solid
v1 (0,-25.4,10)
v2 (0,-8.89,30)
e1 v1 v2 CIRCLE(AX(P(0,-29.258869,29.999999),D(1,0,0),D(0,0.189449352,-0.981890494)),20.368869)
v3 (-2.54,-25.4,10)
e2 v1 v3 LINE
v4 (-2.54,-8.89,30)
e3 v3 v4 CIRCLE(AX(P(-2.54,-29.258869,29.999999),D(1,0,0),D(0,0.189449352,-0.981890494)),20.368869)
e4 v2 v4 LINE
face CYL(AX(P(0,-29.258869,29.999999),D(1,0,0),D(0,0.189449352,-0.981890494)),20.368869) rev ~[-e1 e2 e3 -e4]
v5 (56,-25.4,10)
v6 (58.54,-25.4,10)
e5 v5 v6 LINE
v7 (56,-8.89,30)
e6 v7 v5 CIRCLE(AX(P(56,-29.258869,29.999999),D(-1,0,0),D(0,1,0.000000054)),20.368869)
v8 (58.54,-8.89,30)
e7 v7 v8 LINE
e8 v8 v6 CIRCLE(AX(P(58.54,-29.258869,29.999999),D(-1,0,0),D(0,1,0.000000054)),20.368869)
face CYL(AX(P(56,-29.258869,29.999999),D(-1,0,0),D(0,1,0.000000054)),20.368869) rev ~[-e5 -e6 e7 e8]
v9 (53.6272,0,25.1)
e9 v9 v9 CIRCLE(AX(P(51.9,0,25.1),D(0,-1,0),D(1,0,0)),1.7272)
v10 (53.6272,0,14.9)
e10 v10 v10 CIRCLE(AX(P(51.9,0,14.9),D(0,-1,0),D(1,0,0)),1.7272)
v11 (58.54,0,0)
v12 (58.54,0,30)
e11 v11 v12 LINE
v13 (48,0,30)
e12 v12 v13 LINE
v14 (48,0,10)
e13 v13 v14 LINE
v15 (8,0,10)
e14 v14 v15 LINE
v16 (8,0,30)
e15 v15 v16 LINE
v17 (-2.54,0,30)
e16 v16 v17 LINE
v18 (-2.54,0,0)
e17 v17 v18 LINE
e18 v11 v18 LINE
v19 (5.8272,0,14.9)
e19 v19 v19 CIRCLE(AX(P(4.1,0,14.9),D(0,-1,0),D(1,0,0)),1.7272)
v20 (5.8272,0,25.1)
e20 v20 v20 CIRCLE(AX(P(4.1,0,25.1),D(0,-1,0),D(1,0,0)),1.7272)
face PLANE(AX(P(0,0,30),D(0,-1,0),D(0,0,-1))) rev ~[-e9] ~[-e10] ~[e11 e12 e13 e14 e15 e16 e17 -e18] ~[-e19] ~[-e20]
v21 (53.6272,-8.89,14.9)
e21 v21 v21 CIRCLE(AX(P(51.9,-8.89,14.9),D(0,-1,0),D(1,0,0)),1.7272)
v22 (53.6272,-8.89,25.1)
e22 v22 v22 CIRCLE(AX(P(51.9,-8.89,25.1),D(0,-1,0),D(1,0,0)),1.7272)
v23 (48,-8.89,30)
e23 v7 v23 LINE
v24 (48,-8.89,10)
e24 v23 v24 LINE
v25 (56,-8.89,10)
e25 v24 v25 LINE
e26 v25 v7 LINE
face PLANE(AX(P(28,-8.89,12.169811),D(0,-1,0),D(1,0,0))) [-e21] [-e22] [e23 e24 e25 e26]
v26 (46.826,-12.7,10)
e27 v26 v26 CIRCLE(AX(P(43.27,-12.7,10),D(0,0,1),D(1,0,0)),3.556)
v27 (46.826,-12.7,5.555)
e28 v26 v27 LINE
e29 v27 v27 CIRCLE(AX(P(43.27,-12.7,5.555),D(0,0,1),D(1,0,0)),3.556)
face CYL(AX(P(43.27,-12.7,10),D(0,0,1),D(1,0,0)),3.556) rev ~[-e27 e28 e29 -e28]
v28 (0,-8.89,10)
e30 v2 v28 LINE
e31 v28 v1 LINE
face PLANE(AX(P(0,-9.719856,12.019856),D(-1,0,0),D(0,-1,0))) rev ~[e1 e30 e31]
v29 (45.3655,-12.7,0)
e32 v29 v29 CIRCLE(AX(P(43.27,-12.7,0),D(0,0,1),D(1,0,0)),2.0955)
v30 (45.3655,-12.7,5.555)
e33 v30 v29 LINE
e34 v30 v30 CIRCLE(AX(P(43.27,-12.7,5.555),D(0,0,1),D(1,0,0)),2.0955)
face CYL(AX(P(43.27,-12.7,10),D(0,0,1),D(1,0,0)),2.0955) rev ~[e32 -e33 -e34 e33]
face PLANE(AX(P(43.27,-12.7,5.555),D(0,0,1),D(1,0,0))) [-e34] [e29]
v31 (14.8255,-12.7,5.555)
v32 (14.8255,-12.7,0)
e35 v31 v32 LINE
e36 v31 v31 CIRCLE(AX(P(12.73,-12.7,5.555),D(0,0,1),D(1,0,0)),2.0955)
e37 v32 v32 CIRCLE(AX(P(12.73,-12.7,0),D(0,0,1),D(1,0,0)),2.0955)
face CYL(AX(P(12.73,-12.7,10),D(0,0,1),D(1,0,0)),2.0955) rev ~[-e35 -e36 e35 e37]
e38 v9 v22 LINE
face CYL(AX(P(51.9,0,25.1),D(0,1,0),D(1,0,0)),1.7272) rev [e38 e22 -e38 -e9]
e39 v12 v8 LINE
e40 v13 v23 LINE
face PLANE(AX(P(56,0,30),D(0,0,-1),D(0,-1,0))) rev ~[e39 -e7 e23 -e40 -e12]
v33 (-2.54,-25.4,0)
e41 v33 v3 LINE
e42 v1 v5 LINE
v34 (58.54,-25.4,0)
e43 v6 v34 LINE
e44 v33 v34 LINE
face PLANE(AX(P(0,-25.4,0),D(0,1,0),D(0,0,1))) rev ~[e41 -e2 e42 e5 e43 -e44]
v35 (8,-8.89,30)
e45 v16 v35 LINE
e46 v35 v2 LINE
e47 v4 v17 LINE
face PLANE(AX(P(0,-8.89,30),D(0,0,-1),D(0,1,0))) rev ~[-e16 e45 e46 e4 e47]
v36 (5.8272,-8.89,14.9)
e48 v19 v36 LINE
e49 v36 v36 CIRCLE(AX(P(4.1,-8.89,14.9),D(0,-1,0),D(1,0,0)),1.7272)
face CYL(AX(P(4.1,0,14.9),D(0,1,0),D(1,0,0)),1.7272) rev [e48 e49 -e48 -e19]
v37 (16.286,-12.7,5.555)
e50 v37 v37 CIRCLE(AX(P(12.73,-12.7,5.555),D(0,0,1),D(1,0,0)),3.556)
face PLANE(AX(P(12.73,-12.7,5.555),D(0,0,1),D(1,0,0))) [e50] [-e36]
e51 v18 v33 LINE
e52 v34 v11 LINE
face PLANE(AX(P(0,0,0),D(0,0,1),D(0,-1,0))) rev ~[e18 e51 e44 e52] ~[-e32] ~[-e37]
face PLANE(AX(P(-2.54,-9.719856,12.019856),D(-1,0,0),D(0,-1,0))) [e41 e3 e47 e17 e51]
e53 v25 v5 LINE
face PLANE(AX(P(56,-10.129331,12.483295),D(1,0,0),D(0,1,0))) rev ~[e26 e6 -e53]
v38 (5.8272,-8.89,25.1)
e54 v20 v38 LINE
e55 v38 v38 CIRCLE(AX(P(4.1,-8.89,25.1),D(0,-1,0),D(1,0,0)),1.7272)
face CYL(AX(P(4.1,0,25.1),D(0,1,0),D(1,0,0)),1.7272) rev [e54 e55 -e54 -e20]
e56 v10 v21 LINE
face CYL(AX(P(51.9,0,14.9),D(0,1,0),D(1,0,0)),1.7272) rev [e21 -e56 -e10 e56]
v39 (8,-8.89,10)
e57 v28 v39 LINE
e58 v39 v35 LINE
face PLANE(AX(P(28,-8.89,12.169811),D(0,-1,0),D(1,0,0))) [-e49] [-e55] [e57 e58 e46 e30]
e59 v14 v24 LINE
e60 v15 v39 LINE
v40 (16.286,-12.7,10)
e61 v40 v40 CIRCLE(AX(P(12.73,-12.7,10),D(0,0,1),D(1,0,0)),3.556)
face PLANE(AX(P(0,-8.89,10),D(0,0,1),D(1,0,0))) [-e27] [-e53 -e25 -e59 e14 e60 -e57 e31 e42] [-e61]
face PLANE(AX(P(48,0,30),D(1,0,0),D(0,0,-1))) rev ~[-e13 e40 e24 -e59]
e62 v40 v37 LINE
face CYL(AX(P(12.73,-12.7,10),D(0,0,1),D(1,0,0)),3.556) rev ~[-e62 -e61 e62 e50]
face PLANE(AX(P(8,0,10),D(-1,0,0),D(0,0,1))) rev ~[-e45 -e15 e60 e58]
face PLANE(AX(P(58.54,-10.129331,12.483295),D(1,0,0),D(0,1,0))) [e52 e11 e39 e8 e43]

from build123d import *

# Parameters (mm, degrees)
F0_R      = 1.7272
F1_DEPTH  = 8.89
F2_W      = 56
F2_H      = 10
F3_DEPTH  = 16.51
F5_DEPTH  = 2.54
F7_DEPTH  = 2.54
F8_R      = 2.0955
F9_DEPTH  = 10.001
F10_R     = 3.556
F11_DEPTH = 4.445


with BuildPart() as f1:
    # F0 (on Front) → F1 (new body)
    with BuildSketch(Plane.XZ):
        Polygon((0, 30), (0, 0), (56, 0), (56, 30), (48, 30), (48, 10), (8, 10), (8, 30), align=None)
        with Locations((4.1, 14.9)):
            Circle(F0_R, mode=Mode.SUBTRACT)
        with Locations((51.9, 14.9)):
            Circle(F0_R, mode=Mode.SUBTRACT)
        with Locations((4.1, 25.1)):
            Circle(F0_R, mode=Mode.SUBTRACT)
        with Locations((51.9, 25.1)):
            Circle(F0_R, mode=Mode.SUBTRACT)
    extrude(amount=F1_DEPTH)

    # F2 (on face) → F3 (join)
    with BuildSketch(Plane.XZ.offset(8.89)):
        with Locations((28, 5)):
            Rectangle(F2_W, F2_H)
    extrude(amount=F3_DEPTH)

    # F4 (on face) → F5 (join)
    with BuildSketch(Plane.YZ.offset(56)):
        with BuildLine():
            Line((0, 30), (-8.89, 30))
            ThreePointArc((-8.89, 30), (-13.550724, 17.032925), (-25.4, 10))
            Line((-25.4, 10), (-25.4, 0))
            Line((-25.4, 0), (0, 0))
            Line((0, 0), (0, 30))
        make_face()
    extrude(amount=F5_DEPTH)

    # F6 (on face) → F7 (join)
    with BuildSketch(Plane(origin=(0, 0, 0), x_dir=(0, -1, 0), z_dir=(-1, 0, 0))):
        Polygon((8.89, 10), (8.89, 30), (0, 30), (0, 0), (25.4, 0), (25.4, 10), align=None)
        with BuildLine():
            ThreePointArc((25.4, 10), (13.550724, 17.032925), (8.89, 30))
            Line((8.89, 30), (8.89, 10))
            Line((8.89, 10), (25.4, 10))
        make_face()
    extrude(amount=F7_DEPTH)

    # F8 (on face) → F9 (cut, through all)
    with BuildSketch(Plane.XY.offset(10)):
        with Locations((12.73, -12.7)):
            Circle(F8_R)
        with Locations((43.27, -12.7)):
            Circle(F8_R)
    extrude(amount=-F9_DEPTH, mode=Mode.SUBTRACT)

    # F10 (on face) → F11 (cut)
    with BuildSketch(Plane.XY.offset(10)):
        with Locations((12.73, -12.7)):
            Circle(F10_R)
        with Locations((43.27, -12.7)):
            Circle(F10_R)
    extrude(amount=-F11_DEPTH, mode=Mode.SUBTRACT)


solid = f1.part
